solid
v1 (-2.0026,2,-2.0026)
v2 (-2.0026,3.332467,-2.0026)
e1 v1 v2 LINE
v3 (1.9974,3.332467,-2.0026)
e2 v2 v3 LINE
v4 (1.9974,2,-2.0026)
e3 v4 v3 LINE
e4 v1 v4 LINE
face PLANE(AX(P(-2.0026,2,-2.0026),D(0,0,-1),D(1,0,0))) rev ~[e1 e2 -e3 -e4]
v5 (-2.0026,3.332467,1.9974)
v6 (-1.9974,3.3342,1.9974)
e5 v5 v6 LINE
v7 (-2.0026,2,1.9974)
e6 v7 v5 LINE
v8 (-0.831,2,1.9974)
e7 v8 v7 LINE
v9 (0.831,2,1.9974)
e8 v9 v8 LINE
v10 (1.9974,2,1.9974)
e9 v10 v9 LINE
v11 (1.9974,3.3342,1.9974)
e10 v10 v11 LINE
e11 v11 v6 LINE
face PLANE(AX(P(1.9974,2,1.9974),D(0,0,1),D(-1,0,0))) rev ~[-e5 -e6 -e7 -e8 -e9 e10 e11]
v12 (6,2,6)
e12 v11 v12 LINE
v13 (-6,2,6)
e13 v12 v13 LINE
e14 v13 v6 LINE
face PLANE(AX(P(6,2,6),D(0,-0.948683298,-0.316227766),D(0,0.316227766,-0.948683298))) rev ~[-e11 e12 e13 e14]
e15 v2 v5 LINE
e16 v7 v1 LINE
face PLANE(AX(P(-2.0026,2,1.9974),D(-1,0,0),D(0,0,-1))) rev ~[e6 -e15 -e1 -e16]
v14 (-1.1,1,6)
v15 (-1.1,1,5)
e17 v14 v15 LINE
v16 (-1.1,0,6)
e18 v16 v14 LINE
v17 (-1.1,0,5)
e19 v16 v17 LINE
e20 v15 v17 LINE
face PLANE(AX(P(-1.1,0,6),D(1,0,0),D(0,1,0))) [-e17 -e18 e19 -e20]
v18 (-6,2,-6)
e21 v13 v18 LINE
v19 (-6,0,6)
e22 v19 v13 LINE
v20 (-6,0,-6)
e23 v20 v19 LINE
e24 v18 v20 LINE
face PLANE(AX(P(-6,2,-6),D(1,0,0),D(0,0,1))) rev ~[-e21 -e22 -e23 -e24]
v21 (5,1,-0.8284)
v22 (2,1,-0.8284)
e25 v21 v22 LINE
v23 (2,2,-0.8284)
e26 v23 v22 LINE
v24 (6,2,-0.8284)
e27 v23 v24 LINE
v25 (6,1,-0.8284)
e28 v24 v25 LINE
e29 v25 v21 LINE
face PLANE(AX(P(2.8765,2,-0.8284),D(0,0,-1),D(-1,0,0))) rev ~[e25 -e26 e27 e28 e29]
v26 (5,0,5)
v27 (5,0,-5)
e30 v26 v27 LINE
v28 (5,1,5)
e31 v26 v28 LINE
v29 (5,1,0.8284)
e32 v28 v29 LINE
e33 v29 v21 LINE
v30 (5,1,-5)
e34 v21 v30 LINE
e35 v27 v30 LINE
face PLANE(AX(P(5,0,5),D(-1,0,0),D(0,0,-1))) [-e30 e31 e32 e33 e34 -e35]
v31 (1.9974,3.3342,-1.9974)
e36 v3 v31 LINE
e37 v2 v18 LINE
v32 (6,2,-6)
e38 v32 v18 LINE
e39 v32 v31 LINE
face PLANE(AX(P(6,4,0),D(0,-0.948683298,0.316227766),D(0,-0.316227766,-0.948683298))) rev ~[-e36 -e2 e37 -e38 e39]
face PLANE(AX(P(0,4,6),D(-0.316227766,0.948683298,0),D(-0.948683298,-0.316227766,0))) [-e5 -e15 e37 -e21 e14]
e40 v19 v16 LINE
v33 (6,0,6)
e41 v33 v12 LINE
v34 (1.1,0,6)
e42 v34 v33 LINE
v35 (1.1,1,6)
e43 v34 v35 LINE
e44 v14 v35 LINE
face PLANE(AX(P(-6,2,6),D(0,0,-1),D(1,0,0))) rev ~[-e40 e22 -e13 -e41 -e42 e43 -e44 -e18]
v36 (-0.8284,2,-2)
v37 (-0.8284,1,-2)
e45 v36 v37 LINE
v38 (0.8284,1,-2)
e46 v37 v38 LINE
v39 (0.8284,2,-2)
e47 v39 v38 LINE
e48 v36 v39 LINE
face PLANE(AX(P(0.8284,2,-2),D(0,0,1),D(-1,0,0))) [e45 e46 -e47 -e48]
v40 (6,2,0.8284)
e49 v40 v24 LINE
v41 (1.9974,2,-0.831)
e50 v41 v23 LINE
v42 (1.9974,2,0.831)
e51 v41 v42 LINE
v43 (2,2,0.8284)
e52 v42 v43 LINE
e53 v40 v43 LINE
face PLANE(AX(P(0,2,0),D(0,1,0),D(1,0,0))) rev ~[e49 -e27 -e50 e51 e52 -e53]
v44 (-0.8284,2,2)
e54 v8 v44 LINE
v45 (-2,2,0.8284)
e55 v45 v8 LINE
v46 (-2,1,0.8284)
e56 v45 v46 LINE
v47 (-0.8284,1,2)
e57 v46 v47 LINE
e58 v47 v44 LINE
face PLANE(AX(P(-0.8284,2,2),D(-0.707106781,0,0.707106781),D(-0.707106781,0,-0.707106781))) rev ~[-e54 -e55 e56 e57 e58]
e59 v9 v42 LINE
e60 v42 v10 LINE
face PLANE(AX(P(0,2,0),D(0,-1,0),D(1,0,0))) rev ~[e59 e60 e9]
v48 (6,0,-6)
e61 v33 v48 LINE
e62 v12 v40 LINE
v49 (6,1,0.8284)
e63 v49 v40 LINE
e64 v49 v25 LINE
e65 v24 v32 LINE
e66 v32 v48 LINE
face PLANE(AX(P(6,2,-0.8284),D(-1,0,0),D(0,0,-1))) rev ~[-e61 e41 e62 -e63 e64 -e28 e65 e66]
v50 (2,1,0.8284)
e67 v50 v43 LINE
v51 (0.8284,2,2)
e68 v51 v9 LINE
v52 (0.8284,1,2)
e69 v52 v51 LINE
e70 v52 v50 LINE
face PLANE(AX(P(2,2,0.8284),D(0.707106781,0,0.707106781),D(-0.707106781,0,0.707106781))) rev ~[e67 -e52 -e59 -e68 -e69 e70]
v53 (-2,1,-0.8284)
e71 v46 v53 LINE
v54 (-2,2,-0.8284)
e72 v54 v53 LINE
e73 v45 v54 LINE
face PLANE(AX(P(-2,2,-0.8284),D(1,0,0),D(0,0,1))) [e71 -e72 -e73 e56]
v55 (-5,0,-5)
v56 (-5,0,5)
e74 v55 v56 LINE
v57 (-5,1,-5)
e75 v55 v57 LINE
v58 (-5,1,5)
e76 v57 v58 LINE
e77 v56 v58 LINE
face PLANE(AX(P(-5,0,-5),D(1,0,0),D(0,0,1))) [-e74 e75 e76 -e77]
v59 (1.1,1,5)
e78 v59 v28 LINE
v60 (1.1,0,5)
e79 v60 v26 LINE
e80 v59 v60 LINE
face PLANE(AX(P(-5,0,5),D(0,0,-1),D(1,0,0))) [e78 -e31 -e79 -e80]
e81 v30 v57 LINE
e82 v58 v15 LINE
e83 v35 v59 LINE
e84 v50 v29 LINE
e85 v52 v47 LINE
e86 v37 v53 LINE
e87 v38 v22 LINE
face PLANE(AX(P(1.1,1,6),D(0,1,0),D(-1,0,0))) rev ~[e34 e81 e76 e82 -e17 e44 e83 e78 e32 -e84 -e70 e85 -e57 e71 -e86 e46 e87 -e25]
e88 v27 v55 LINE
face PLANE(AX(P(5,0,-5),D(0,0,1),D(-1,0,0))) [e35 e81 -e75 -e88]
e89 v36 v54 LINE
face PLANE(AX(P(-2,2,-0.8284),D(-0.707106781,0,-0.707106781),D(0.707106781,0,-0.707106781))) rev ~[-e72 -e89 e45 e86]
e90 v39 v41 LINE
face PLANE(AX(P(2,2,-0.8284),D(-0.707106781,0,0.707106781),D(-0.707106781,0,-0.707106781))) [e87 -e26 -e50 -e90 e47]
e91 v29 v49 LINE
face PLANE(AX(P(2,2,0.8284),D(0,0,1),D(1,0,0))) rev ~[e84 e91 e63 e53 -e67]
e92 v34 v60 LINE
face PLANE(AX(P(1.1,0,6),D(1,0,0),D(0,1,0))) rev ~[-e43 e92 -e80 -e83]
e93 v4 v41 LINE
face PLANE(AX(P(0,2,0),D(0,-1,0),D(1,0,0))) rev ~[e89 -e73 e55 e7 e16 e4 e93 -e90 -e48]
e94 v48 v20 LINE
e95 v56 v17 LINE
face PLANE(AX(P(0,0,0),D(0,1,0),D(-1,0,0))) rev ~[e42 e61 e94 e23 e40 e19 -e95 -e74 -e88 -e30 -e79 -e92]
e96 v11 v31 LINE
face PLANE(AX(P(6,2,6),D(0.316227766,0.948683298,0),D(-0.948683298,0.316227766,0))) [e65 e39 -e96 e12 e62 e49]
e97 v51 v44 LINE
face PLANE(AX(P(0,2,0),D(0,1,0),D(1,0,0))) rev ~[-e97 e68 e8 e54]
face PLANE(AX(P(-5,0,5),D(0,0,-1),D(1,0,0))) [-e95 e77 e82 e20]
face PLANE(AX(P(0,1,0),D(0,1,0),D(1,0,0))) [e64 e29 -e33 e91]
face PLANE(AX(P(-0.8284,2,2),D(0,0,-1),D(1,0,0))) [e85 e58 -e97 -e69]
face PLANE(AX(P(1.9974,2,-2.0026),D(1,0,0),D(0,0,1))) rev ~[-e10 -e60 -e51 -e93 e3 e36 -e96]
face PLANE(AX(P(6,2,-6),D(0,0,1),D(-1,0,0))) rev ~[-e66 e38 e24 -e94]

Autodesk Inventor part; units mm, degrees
ref_plane "YZ Plane" through (0, 0, 0) normal (1, 0, 0) x (0, 1, 0)
ref_plane "XZ Plane" through (0, 0, 0) normal (0, 1, 0) x (-1, 0, 0)
ref_plane "XY Plane" through (0, 0, 0) normal (0, 0, 1) x (1, 0, 0)
sketch "Sketch1" plane through (0, 0, 0) normal (0, 1, 0) x (-1, 0, 0)
  line L0 (5, 5) -> (-5, 5)
  line L1 (-5, 5) -> (-5, -5)
  line L2 (-5, -5) -> (5, -5)
  line L3 (5, -5) -> (5, 5)
  line L4 (6, 6) -> (-6, 6)
  line L5 (-6, 6) -> (-6, -6)
  line L6 (-6, -6) -> (6, -6)
  line L7 (6, -6) -> (6, 6)
  point P0 (0, 0)
  dimension "d0" = 10
  dimension "d1" = 10
  dimension "d2" = 5
  dimension "d3" = 5
  dimension "d4" = 12
  dimension "d5" = 12
  dimension "d6" = 1
  dimension "d7" = 1
extrude "Extrusion1" add sketch "Sketch1" along normal blind 2
sketch "Sketch2" plane through (6, 0, 6) normal (1, 0, 0) x (0, 0, -1)
  line L0 (0, 0) -> (0, 2) projected
  line L1 (12, 0) -> (12, 2) projected
  line L2 (0, 2) -> (12, 2)
  line L3 (12, 2) -> (12, 1)
  line L4 (12, 1) -> (0, 1)
  line L5 (0, 1) -> (0, 2)
  point P0 (6, 0)
extrude "Extrusion2" add sketch "Sketch2" against normal blind 11.5
sketch "Sketch3" plane through (0, 2, 0) normal (0, 1, 0) x (1, 0, 0)
  line L0 (-2, -2) -> (2, -2)
  line L1 (2, -2) -> (2, 2)
  line L2 (2, 2) -> (-2, 2)
  line L3 (-2, 2) -> (-2, -2)
  circle A0 centre (0, 0) radius 2.8284
  line L4 (0, -2.8284) -> (-2.8284, 0)
  line L5 (-2.8284, 0) -> (0, 2.8284)
  line L6 (2.8284, 0) -> (0, 2.8284)
  line L7 (2.8284, 0) -> (0, -2.8284)
  point P0 (0.8284, -2)
  point P1 (2, -0.8284)
  point P2 (2, 0.8284)
  point P3 (0.8284, 2)
  point P4 (-0.8284, 2)
  point P5 (-2, 0.8284)
  point P6 (-2, -0.8284)
  point P7 (-0.8284, -2)
  dimension "d13" = 4
  dimension "d14" = 4
  dimension "d15" = 2
  dimension "d16" = 2
extrude "Extrusion3" cut sketch "Sketch3" along normal blind 23.25 and the other way blind 11.625 contours L4 L3 L5 L2 L6 L1 L7 L0
sketch "Sketch4" plane through (0, 2, 0) normal (0, 1, 0) x (1, 0, 0)
  line L0 (2, -0.8284) -> (2, 0.8284) projected
  line L1 (2, -0.8284) -> (2.8765, -0.8284)
  line L2 (2.8765, -0.8284) -> (2.8765, 0.8284)
  line L3 (2.8765, 0.8284) -> (2, 0.8284)
  line L4 (2, 0.8284) -> (2, -0.8284)
  line L5 (2.8765, -0.8284) -> (7.5124, -0.8284)
  line L6 (7.5124, -0.8284) -> (7.5124, 0.8284)
  line L7 (7.5124, 0.8284) -> (2.8765, 0.8284)
  line L8 (2.8765, 0.8284) -> (2.8765, -0.8284)
  point P0 (0, 0)
  point P1 (2.8765, 0.8284)
  point P2 (2, 0.8284)
extrude "Extrusion4" cut sketch "Sketch4" against normal blind 1
sketch "Sketch5" plane through (0, 2, 0) normal (0, 1, 0) x (1, 0, 0)
  line L0 (-6, -6) -> (6, -6) projected
  line L1 (6, 0.8284) -> (6, 6) projected
  line L2 (-6, -6) -> (6, -6)
  line L3 (6, -6) -> (6, 6)
  line L4 (6, 6) -> (-6, 6)
  line L5 (-6, 6) -> (-6, -6)
  point P0 (0, 0)
  point P1 (6, -6)
extrude "Extrusion5" add sketch "Sketch5" along normal blind 25
sketch "Sketch6" plane through (6, 0, 6) normal (1, 0, 0) x (0, 0, -1)
  line L0 (5.1716, 1) -> (5.1716, 2) projected
  line L1 (5.1716, 2) -> (-3.596, 2)
  line L2 (0, 0) -> (0, 27) projected
  line L3 (4, 2) -> (5.1716, 2) projected
  line L4 (5.1716, 2) -> (16.1787, 2)
  line L5 (5.1716, 2) -> (6.8284, 2) projected
  line L6 (6, 2) -> (6, 6)
  line L7 (0, 2) -> (6, 4)
  line L8 (6, 4) -> (12, 2)
  line L9 (12, 0) -> (12, 27) projected
  line L10 (12, 2) -> (-2.4689, 2)
  line L11 (-2.4689, 2) -> (-2.4689, 28.669)
  line L12 (-2.4689, 28.669) -> (12, 28.669)
  line L13 (12, 28.669) -> (12, 2)
  point P0 (6, 0)
  dimension "d23" = 4
extrude "Extrusion6" cut sketch "Sketch6" against normal blind 23.25 contours L1 L11 L12 L13 L9 L8 L7
sketch "Sketch7" plane through (-6, 0, 6) normal (0, 0, 1) x (1, 0, 0)
  line L0 (6, 0) -> (6, 4)
  line L1 (12, 4) -> (0, 4) projected
  line L2 (0, 2) -> (12, 2) projected
  line L3 (12, 2) -> (6, 4)
  line L4 (0, 4) -> (0, 2) projected
  line L5 (6, 4) -> (0, 2)
  line L6 (0, 2) -> (13.6732, 2)
  line L7 (13.6732, 2) -> (13.6732, 4.9606)
  line L8 (13.6732, 4.9606) -> (0, 4.9606)
  line L9 (0, 4.9606) -> (0, 2)
extrude "Extrusion7" cut sketch "Sketch7" against normal blind 41.75 contours L5 L4 L1 | L1 L9 L8 L7 L6 L3
sketch "Sketch8" plane through (0, 2, 0) normal (0, -1, 0) x (1, 0, 0)
  line L0 (6, 6) -> (0, 0) projected
  line L1 (1.9974, 1.9974) -> (-2.0026, 1.9974)
  line L2 (-2.0026, 1.9974) -> (-2.0026, -2.0026)
  line L3 (-2.0026, -2.0026) -> (1.9974, -2.0026)
  line L4 (1.9974, -2.0026) -> (1.9974, 1.9974)
  dimension "d30" = 4
  dimension "d31" = 4
extrude "Extrusion8" cut sketch "Sketch8" against normal blind 105
sketch "Sketch9" plane through (-6, 0, 6) normal (0, 0, 1) x (1, 0, 0)
  line L0 (8, 1) -> (6.8284, 1) projected
  line L1 (6, 0) -> (7.1, 0)
  line L2 (7.1, 0) -> (7.1, 1)
  line L3 (7.1, 1) -> (6, 1)
  line L4 (6, 1) -> (6, 0)
  line L5 (5.1716, 1) -> (4, 1) projected
  line L6 (6, 0) -> (4.9, 0)
  line L7 (4.9, 0) -> (4.9, 1)
  line L8 (4.9, 1) -> (6, 1)
  line L9 (6, 1) -> (6, 0)
  dimension "d34" = 1.1
  dimension "d35" = 1.1
extrude "Extrusion9" cut sketch "Sketch9" against normal blind 2.75
equation "\"d2\" = 0.5 * d0"
equation "\"d3\" = 0.5 * d1"
equation "\"d15\" = 0.5 * d13"
equation "\"d16\" = 0.5 * d14"
equation "\"BendRadius\" = Thickness"
equation "\"BendReliefWidth\" = Thickness"
equation "\"BendReliefDepth\" = 0.5 * Thickness"
equation "\"CornerReliefSize\" = 4 * Thickness"
equation "\"MinimumRemnant\" = 2 * Thickness"
equation "\"TransitionRadius\" = BendRadius"
equation "\"JacobiRadiusSize\" = BendRadius"
equation "\"GapSize\" = Thickness"
equation "\"Thickness\" = 0.5"
properties part number "modelGatePoklice1"
